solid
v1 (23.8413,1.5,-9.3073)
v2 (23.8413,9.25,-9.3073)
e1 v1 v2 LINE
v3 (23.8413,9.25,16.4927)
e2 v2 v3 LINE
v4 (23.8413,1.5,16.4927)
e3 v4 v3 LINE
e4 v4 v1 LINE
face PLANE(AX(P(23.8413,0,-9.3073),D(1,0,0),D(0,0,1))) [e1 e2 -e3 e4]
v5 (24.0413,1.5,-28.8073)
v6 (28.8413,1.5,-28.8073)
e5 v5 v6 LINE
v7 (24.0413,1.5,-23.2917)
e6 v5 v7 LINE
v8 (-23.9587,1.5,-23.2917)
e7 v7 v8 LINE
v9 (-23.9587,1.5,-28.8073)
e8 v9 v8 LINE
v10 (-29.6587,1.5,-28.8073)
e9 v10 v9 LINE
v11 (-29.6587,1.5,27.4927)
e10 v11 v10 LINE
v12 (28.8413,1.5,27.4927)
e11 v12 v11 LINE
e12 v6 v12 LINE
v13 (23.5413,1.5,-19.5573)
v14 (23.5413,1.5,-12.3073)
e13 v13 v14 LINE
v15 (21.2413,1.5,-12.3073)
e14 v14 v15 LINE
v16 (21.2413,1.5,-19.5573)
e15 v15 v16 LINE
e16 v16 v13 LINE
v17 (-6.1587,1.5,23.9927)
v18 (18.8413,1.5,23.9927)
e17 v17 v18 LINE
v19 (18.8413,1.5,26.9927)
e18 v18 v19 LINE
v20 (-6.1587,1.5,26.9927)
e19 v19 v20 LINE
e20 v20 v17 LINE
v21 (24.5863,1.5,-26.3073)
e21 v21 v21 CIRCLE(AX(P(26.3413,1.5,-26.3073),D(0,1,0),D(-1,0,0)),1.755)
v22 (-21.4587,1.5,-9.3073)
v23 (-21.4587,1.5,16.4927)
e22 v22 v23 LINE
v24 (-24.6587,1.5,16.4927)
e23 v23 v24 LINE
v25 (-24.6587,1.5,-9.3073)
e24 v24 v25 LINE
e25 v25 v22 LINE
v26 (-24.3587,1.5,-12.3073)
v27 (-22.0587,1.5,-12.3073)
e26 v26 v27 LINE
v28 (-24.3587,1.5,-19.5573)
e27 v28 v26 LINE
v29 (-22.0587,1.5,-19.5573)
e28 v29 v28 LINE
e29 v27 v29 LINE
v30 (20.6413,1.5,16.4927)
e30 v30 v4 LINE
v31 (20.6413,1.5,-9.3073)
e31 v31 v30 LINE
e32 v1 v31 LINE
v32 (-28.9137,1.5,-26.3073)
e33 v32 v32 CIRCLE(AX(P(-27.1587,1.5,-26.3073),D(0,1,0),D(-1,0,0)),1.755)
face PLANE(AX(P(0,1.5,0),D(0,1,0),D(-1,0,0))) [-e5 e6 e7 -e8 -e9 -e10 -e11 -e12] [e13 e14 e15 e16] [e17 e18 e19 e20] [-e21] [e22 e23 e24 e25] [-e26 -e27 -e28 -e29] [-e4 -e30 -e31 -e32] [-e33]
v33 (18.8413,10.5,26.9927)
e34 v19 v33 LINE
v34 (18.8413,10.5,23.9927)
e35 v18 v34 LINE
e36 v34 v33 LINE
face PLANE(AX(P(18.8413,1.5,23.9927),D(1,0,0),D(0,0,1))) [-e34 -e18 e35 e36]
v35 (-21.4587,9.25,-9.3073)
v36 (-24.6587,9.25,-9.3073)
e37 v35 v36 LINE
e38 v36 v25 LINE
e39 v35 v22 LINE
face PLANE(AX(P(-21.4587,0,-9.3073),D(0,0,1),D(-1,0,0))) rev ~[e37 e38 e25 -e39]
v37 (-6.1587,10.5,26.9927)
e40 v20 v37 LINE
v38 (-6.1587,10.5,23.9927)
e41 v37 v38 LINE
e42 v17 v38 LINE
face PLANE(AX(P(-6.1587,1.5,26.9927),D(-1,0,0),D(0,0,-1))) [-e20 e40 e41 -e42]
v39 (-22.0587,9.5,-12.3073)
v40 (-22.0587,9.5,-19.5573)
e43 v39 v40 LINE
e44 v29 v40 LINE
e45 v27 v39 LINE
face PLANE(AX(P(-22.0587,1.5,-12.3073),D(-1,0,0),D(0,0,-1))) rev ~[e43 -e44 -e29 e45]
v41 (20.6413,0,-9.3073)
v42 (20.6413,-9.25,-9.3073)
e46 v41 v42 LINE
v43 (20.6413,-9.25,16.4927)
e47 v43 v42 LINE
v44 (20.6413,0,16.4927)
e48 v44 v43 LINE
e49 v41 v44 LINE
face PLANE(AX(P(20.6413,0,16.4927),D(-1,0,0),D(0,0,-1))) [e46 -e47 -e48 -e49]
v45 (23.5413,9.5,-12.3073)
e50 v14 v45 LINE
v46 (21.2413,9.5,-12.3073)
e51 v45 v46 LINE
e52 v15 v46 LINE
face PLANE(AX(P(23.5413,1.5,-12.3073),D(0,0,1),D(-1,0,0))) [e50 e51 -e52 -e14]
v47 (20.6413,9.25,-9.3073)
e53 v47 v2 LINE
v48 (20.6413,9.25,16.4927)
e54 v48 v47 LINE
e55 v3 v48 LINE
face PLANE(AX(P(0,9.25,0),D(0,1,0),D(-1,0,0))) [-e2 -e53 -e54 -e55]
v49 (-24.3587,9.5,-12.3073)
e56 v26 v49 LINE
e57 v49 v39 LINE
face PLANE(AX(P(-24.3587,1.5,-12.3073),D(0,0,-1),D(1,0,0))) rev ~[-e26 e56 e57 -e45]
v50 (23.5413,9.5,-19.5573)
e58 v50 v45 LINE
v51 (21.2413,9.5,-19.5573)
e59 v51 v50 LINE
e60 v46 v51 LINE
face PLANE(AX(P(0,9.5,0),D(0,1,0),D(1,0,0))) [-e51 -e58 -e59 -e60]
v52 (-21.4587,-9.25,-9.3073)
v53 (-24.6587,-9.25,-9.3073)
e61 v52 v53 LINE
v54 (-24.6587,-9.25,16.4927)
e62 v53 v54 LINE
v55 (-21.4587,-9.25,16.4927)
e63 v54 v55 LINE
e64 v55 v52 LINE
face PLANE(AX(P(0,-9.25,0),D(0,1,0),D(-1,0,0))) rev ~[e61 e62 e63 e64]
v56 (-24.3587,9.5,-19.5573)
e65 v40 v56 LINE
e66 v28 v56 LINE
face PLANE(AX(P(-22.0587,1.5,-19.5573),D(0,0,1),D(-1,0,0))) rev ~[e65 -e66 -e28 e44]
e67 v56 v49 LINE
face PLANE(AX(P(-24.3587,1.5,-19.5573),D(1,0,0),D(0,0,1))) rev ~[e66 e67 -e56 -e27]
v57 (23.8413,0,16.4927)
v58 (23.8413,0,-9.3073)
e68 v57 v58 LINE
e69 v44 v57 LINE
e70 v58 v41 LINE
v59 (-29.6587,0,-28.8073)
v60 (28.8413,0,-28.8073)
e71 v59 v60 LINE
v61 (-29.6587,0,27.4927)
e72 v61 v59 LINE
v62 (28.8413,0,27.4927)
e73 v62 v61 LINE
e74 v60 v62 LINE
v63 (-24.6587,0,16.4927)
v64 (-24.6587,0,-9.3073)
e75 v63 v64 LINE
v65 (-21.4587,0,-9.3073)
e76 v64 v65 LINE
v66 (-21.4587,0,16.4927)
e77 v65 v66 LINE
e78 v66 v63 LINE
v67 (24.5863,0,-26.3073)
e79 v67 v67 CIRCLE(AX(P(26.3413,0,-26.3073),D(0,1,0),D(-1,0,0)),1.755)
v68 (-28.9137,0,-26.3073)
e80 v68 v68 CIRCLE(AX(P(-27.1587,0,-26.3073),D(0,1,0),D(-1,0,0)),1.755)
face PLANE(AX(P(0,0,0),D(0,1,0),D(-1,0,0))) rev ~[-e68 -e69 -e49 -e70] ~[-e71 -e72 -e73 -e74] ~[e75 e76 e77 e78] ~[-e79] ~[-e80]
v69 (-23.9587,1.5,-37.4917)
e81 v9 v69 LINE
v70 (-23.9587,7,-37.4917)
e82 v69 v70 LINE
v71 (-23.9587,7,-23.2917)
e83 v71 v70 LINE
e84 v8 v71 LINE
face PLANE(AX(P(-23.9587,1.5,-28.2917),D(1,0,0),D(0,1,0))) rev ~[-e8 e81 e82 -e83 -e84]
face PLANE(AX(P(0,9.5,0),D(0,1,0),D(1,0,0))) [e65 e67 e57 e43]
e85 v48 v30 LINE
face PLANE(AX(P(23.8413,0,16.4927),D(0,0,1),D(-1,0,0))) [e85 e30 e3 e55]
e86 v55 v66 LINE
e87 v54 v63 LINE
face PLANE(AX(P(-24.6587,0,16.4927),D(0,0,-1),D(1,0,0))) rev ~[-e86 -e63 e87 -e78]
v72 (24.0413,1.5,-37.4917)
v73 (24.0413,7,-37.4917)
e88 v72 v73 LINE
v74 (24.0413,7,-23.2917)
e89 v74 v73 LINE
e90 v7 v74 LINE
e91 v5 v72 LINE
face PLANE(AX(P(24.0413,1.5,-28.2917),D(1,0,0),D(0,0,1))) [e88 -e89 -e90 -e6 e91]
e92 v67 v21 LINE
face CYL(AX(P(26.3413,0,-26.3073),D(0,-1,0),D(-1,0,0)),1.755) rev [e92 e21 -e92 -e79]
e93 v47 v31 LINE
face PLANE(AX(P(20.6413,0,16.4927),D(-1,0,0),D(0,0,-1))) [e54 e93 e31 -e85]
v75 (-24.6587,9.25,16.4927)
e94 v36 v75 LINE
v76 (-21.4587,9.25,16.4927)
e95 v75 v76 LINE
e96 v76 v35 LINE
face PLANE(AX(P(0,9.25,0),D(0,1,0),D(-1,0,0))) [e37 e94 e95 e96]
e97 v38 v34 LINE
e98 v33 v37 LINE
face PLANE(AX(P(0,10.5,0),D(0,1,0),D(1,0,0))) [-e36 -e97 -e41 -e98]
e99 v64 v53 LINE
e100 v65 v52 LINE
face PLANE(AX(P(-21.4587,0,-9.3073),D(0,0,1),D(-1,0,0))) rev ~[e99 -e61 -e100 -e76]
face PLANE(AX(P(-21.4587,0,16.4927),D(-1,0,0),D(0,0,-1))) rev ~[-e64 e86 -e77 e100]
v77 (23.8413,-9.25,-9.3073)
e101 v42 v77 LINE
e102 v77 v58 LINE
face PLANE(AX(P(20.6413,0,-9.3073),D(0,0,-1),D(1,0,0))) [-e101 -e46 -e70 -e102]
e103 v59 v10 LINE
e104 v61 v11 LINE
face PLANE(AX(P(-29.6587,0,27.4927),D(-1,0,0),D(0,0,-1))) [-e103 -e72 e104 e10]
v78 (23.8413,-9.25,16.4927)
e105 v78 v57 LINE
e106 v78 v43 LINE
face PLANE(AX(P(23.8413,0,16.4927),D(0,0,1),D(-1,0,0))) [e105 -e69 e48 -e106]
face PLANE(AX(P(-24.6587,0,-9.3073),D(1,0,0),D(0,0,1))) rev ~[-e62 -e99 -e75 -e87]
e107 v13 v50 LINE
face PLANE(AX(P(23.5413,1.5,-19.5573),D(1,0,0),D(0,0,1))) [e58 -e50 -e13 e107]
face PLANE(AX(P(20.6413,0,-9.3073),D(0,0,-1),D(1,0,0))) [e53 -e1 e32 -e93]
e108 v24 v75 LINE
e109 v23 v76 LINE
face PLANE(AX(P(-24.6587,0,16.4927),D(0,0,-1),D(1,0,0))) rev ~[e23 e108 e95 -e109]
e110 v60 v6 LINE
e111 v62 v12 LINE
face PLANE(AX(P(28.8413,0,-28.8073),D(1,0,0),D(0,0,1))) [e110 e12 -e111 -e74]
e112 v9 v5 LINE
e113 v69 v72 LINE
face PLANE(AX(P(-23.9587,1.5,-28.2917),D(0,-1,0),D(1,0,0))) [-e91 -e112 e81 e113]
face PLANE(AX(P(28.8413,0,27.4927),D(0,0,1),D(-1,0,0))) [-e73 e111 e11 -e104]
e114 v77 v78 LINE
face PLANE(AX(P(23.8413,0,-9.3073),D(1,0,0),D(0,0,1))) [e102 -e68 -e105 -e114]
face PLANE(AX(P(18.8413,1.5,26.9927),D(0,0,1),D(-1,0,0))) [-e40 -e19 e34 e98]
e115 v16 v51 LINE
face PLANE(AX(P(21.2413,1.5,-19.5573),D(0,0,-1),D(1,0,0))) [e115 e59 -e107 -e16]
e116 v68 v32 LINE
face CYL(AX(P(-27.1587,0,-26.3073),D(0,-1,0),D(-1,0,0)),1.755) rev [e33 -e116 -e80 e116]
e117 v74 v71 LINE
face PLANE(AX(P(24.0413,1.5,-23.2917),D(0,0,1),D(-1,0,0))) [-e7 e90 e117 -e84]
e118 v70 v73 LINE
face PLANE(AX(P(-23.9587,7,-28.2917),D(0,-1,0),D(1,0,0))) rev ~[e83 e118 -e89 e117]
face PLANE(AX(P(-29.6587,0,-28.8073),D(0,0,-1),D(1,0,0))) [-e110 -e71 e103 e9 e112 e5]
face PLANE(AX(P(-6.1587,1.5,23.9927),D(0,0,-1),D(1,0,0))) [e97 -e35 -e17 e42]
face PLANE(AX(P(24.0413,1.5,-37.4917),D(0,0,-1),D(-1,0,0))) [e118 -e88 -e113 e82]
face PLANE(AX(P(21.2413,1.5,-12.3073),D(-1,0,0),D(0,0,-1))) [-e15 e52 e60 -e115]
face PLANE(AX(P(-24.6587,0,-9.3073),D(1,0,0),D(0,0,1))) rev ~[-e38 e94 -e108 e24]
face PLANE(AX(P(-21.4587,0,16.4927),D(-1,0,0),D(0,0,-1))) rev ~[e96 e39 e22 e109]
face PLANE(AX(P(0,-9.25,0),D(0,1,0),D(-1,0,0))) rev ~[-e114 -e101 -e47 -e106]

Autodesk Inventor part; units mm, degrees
ref_plane "YZ Plane" through (0, 0, 0) normal (1, 0, 0) x (0, 1, 0)
ref_plane "XZ Plane" through (0, 0, 0) normal (0, 1, 0) x (-1, 0, 0)
ref_plane "XY Plane" through (0, 0, 0) normal (0, 0, 1) x (1, 0, 0)
sketch "Base Board" plane through (0, 0, 0) normal (0, 1, 0) x (-1, 0, 0)
  line L0 (-28.8413, 27.4927) -> (29.6587, 27.4927)
  line L1 (29.6587, 27.4927) -> (29.6587, -28.8073)
  line L2 (29.6587, -28.8073) -> (-28.8413, -28.8073)
  line L3 (-28.8413, -28.8073) -> (-28.8413, 27.4927)
  circle A0 centre (27.1587, -26.3073) radius 1.755
  circle A1 centre (-26.3413, -26.3073) radius 1.755
  line L4 (-23.8413, 16.4927) -> (-20.6413, 16.4927)
  line L5 (-20.6413, 16.4927) -> (-20.6413, -9.3073)
  line L6 (-20.6413, -9.3073) -> (-23.8413, -9.3073)
  line L7 (-23.8413, -9.3073) -> (-23.8413, 16.4927)
  line L8 (24.6587, 16.4927) -> (21.4587, 16.4927)
  line L9 (21.4587, 16.4927) -> (21.4587, -9.3073)
  line L10 (21.4587, -9.3073) -> (24.6587, -9.3073)
  line L11 (24.6587, -9.3073) -> (24.6587, 16.4927)
  point P0 (0, 0)
  dimension "d0" = 58.5
  dimension "d1" = 56.3
  dimension "d2" = 3.51
  dimension "d3" = 2.5
  dimension "d4" = 2.5
  dimension "d5" = 3.51
  dimension "d6" = 2.5
  dimension "d7" = 2.5
  dimension "d19" = 3.2
  dimension "d20" = 25.8
  dimension "d23" = 11
  dimension "d24" = 5
  dimension "d25" = 11
  dimension "d26" = 5
extrude "Base Board Extrusion" add sketch "Base Board" along normal blind 1.5 contours L0 L1 L2 L3 | L4 L5 L6 L7 | L11 L10 L9 L8
sketch "Sketch2" plane through (0, 1.5, 0) normal (0, 1, 0) x (1, 0, 0)
  line L0 (-23.9587, 28.2917) -> (24.0413, 28.2917)
  line L1 (24.0413, 28.2917) -> (24.0413, 23.2917)
  line L2 (24.0413, 23.2917) -> (-23.9587, 23.2917)
  line L3 (-23.9587, 23.2917) -> (-23.9587, 28.2917)
  line L4 (-29.6587, 28.8073) -> (-29.6587, -27.4927) projected
  point P0 (0, 0)
  dimension "d10" = 48
  dimension "d11" = 5
  dimension "d12" = 5.7
extrude "RightAngleconnectorsBase" add sketch "Sketch2" along normal blind 5.5
sketch "Sketch4" plane through (24.0413, 1.5, -28.2917) normal (0, 0, -1) x (-1, 0, 0)
  line L0 (48, 5.5) -> (0, 5.5) projected
  line L1 (48, 0) -> (48, 5.5) projected
  line L2 (0, 5.5) -> (48, 5.5)
  line L3 (48, 5.5) -> (48, 0)
  line L4 (48, 0) -> (0, 0)
  line L5 (0, 0) -> (0, 5.5)
  point P0 (24.0413, -1.5)
extrude "RightAnglePins" add sketch "Sketch4" along normal blind 9.2
extrude "Main IO" add sketch "Base Board" along normal mid plane 18.5 contours L4 L5 L6 L7 | L11 L10 L9 L8
sketch "Sketch6" plane through (0, 1.5, 0) normal (0, 1, 0) x (1, 0, 0)
  line L0 (18.8413, -26.9927) -> (-6.1587, -26.9927)
  line L1 (-6.1587, -26.9927) -> (-6.1587, -23.9927)
  line L2 (-6.1587, -23.9927) -> (18.8413, -23.9927)
  line L3 (18.8413, -23.9927) -> (18.8413, -26.9927)
  line L4 (28.8413, -27.4927) -> (28.8413, 28.8073) projected
  line L5 (-29.6587, -27.4927) -> (28.8413, -27.4927) projected
  point P0 (0, 0)
  dimension "d29" = 25
  dimension "d30" = 3
  dimension "d31" = 10
  dimension "d32" = 0.5
extrude "Emulator Pins" add sketch "Sketch6" along normal blind 9
sketch "Sketch7" plane through (0, 1.5, 0) normal (0, 1, 0) x (1, 0, 0)
  line L0 (23.5413, 12.3073) -> (21.2413, 12.3073)
  line L1 (21.2413, 12.3073) -> (21.2413, 19.5573)
  line L2 (21.2413, 19.5573) -> (23.5413, 19.5573)
  line L3 (23.5413, 19.5573) -> (23.5413, 12.3073)
  line L4 (28.8413, -27.4927) -> (28.8413, 28.8073) projected
  line L5 (23.8413, 9.3073) -> (20.6413, 9.3073) projected
  line L6 (-29.6587, -27.4927) -> (28.8413, -27.4927) projected
  line L7 (-24.3587, 12.3073) -> (-22.0587, 12.3073)
  line L8 (-22.0587, 12.3073) -> (-22.0587, 19.5573)
  line L9 (-22.0587, 19.5573) -> (-24.3587, 19.5573)
  line L10 (-24.3587, 19.5573) -> (-24.3587, 12.3073)
  point P0 (0, 0)
  dimension "d35" = 2.3
  dimension "d36" = 7.25
  dimension "d37" = 5.3
  dimension "d38" = 3
extrude "Power Pins" add sketch "Sketch7" along normal blind 8
properties part number "MSP432CoreModule"
